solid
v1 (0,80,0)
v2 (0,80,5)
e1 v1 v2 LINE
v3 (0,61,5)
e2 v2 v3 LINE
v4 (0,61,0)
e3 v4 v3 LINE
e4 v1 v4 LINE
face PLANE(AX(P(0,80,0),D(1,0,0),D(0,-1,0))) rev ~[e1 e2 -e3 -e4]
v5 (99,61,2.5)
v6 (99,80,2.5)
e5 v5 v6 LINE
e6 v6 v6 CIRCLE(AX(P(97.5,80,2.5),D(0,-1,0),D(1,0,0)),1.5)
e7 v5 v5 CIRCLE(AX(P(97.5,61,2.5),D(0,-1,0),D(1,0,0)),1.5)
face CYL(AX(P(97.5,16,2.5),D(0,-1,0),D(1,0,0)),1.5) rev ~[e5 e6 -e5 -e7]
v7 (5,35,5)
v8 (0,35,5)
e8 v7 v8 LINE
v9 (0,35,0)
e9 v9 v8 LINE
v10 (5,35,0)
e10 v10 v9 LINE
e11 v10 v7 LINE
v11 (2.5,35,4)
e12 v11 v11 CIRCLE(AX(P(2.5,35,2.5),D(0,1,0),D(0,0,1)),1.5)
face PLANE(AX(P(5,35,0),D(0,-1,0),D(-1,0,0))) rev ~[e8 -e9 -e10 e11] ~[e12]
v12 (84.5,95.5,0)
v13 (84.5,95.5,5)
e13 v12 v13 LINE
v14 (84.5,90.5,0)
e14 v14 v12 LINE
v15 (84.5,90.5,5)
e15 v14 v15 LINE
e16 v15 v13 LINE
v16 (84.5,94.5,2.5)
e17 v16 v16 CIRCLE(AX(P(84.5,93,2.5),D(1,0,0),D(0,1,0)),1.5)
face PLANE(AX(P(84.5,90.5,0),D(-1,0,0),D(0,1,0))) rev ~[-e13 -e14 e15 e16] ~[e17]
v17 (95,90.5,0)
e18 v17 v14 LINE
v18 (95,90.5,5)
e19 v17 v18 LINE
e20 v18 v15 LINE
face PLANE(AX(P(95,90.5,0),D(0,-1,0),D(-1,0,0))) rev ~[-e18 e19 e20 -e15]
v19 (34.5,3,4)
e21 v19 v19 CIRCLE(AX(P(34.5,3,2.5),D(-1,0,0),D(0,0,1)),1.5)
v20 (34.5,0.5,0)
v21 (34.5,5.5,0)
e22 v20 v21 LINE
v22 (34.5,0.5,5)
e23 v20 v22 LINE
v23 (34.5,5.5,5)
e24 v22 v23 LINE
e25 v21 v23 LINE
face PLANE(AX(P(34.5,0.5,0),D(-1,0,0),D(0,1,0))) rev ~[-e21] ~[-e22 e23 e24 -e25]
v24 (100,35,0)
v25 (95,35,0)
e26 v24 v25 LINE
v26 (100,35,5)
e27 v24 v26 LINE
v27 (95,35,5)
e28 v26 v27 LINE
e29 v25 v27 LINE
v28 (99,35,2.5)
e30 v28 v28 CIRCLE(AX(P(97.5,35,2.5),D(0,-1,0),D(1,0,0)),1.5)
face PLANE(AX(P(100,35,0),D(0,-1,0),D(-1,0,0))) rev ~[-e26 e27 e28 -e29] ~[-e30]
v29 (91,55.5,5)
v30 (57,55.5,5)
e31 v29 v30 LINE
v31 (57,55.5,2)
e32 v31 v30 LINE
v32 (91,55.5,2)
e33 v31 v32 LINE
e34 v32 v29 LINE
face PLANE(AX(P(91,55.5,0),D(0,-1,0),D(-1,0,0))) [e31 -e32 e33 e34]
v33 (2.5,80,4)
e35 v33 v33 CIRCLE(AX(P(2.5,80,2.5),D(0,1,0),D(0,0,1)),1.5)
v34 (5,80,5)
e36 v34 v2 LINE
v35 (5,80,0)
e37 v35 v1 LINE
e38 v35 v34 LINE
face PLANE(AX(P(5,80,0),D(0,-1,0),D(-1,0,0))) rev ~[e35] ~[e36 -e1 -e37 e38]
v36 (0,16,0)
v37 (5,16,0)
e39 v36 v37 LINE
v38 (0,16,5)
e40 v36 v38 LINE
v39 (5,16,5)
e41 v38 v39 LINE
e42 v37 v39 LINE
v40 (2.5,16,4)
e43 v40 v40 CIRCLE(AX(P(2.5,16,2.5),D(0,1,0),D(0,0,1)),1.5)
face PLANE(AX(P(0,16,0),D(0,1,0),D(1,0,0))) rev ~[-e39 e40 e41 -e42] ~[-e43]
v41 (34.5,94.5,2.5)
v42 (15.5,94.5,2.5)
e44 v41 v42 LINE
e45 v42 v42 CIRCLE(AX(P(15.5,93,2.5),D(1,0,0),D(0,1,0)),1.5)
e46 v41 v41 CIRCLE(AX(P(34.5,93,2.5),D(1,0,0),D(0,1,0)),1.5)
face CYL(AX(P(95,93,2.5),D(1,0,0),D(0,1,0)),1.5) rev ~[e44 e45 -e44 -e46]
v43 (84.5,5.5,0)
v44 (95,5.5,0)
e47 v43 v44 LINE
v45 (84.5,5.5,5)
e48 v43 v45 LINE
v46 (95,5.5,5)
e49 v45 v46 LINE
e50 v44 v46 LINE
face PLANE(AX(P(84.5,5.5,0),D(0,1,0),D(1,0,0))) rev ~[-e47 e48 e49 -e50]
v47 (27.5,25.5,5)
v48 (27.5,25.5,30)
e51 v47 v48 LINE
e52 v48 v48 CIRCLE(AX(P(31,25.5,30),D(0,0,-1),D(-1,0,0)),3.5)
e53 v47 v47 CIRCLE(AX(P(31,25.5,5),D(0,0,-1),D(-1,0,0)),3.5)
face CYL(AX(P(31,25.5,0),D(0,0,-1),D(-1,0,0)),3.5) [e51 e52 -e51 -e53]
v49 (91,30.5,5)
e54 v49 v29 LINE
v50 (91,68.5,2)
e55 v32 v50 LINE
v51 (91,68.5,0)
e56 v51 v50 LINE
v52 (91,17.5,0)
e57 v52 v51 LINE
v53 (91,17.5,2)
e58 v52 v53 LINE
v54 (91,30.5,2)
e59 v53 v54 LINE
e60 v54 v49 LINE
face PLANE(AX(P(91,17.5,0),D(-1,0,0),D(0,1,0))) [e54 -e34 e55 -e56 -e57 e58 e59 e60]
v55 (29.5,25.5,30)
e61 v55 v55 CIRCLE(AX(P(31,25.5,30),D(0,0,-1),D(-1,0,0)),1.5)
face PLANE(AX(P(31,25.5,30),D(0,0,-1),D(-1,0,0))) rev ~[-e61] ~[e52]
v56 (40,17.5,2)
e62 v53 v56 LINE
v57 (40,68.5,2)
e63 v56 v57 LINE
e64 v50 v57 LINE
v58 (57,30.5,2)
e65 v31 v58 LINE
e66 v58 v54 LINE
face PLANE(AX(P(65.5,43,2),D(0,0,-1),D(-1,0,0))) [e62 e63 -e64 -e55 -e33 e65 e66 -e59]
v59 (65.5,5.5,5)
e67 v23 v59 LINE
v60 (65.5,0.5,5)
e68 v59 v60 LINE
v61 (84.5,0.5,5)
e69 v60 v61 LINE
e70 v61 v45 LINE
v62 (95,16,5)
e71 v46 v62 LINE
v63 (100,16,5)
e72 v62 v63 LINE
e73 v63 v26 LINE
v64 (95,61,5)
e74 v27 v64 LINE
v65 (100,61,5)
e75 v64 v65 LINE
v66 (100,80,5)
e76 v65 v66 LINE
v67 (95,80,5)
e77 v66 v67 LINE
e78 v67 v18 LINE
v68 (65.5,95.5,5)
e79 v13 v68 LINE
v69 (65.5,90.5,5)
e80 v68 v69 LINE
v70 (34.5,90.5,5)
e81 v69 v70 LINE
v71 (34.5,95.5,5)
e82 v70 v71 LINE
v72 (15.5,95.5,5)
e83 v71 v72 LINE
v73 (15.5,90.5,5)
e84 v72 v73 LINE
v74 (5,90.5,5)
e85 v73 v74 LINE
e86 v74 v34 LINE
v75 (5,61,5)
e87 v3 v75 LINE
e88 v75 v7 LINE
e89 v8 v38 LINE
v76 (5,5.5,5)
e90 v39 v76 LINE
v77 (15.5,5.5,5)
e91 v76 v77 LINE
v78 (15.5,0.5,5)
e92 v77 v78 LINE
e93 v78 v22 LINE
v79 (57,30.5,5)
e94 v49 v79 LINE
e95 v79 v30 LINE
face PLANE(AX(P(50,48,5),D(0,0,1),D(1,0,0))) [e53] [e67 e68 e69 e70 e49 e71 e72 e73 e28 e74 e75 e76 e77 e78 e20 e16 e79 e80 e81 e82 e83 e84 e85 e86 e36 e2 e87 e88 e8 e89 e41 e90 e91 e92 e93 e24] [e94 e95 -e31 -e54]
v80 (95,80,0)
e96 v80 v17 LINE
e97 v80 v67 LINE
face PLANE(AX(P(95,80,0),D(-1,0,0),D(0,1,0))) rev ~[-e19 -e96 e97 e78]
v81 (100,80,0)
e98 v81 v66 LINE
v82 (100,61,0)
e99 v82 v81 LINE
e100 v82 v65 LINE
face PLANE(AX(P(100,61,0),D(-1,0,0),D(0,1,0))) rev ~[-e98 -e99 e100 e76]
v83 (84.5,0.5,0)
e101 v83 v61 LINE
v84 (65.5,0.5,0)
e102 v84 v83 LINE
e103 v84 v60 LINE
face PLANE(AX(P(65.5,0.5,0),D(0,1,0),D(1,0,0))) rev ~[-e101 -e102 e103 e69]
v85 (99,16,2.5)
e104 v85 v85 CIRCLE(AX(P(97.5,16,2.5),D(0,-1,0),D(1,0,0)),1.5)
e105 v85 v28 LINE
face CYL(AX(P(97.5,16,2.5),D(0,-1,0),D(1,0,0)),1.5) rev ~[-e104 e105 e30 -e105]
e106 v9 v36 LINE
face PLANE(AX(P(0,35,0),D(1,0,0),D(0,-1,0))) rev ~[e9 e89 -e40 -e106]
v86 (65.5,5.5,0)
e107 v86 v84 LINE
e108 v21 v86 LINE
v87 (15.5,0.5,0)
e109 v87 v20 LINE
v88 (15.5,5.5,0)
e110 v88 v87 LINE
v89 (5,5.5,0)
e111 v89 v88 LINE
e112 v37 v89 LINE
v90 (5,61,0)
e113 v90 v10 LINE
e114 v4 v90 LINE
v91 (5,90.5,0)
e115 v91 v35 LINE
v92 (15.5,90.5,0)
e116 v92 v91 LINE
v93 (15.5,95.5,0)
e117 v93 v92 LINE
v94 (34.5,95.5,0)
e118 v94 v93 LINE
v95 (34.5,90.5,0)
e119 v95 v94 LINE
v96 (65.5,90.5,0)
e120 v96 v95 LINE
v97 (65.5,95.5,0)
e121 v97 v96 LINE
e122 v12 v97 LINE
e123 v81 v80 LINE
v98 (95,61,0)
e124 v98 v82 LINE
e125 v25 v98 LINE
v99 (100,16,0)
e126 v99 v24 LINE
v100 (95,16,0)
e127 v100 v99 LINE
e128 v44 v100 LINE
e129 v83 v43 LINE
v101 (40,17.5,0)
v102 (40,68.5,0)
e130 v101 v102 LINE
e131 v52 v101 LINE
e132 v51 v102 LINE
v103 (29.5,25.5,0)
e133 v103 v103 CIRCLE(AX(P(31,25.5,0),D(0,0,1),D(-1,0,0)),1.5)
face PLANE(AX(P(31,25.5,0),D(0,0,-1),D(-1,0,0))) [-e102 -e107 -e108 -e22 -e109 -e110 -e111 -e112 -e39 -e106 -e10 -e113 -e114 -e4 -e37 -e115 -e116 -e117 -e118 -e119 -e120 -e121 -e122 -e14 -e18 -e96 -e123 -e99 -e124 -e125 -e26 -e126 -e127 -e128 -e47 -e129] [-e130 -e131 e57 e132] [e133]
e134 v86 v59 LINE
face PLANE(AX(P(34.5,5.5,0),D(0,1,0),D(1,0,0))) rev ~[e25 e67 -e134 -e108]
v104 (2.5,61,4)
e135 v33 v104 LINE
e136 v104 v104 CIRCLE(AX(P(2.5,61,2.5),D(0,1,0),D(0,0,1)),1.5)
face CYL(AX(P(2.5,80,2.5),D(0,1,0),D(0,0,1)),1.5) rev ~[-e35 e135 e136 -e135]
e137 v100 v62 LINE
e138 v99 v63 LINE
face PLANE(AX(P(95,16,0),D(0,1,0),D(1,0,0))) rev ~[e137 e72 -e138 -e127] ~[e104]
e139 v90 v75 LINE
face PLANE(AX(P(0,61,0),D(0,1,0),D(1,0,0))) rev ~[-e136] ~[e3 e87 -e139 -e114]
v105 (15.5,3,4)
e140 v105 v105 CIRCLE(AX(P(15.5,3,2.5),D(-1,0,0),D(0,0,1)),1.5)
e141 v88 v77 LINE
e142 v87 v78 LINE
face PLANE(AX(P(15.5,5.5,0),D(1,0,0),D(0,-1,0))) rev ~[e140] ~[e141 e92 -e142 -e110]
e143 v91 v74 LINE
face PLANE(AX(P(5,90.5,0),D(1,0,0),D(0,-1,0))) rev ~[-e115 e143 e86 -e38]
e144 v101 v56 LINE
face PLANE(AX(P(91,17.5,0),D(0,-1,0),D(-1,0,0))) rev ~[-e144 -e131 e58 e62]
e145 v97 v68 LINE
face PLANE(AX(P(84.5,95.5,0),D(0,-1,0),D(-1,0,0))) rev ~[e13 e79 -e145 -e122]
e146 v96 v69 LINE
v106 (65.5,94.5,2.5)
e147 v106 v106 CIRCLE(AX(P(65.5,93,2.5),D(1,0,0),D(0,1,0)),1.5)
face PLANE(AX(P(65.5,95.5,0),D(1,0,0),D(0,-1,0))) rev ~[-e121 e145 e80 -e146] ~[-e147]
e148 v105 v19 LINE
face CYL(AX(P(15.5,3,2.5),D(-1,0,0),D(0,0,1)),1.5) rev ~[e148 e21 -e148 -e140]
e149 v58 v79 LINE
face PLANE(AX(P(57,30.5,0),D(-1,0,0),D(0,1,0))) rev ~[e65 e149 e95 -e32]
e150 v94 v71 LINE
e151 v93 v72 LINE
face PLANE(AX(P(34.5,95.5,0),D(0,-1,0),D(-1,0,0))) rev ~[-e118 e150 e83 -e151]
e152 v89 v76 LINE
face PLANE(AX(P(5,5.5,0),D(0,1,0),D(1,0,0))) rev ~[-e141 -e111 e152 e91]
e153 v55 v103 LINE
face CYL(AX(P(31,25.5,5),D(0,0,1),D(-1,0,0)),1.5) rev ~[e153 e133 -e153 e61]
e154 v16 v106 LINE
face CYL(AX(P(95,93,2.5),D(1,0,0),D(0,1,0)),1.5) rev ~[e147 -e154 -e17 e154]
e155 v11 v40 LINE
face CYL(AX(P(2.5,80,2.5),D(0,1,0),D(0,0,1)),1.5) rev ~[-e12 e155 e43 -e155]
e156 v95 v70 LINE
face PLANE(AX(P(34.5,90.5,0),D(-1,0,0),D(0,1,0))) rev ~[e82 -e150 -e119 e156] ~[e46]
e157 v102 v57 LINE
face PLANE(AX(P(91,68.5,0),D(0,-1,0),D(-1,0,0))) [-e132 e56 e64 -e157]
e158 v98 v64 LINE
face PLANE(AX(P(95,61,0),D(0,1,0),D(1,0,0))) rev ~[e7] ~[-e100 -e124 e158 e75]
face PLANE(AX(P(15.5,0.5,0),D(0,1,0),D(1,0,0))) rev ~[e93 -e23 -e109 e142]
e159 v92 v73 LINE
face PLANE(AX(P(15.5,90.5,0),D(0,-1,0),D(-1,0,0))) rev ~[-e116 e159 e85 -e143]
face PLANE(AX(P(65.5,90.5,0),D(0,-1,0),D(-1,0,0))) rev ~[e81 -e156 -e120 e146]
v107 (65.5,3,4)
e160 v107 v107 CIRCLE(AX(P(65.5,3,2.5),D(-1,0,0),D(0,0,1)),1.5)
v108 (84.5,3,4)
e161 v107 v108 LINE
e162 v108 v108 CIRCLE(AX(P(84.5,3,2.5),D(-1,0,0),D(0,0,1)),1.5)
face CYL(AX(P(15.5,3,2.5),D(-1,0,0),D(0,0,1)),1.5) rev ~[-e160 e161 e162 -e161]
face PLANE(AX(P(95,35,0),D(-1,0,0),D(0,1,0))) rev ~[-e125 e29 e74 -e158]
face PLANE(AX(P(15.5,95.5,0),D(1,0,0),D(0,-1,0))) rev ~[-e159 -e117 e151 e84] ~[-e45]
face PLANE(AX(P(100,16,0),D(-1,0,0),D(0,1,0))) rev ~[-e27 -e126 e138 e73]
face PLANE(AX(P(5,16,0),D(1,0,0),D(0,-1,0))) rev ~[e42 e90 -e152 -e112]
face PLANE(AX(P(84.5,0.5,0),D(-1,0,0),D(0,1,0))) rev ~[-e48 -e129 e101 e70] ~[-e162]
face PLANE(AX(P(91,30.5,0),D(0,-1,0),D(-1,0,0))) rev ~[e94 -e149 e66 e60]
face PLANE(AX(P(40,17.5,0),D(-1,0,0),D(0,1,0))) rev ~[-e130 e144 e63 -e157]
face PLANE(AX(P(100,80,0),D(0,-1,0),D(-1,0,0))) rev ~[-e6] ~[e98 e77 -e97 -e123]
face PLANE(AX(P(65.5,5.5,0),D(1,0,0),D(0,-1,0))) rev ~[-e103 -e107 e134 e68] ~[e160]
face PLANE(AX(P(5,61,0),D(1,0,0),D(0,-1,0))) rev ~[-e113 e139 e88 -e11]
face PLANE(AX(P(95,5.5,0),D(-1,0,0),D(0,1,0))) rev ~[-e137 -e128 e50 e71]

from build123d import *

# Parameters (mm, degrees)
BOSS_EXTRU_1_DEPTH      = 5
ENL_V_MAT_EXTRU_1_REACH = 129.849
ESQUISSE2_R             = 1.5
ENL_V_MAT_EXTRU_2_REACH = 136.797
ESQUISSE3_R             = 1.5
ENL_V_MAT_EXTRU_3_REACH = 129.849
ESQUISSE4_R             = 1.5
ENL_V_MAT_EXTRU_4_REACH = 129.615
ESQUISSE5_R             = 1.5
ESQUISSE6_R             = 3.5
ESQUISSE6_R_2           = 1.5
BOSS_EXTRU_2_DEPTH      = 30
ENL_V_MAT_EXTRU_5_REACH = 142.518
ESQUISSE7_R             = 1.5
ESQUISSE8_W             = 34
ESQUISSE8_H             = 25
ENL_V_MAT_EXTRU_6_DEPTH = 5
ESQUISSE9_W             = 51
ESQUISSE9_H             = 51
ENL_V_MAT_EXTRU_7_DEPTH = 2


with BuildPart() as part:
    # Esquisse1 → Boss.-Extru.1 (new body)
    with BuildSketch(Plane.XY):
        Polygon((15.5, 95.5), (15.5, 90.5), (5, 90.5), (5, 80), (0, 80), (0, 61), (5, 61), (5, 35), (0, 35), (0, 16), (5, 16), (5, 5.5), (15.5, 5.5), (15.5, 0.5), (34.5, 0.5), (34.5, 5.5), (65.5, 5.5), (65.5, 0.5), (84.5, 0.5), (84.5, 5.5), (95, 5.5), (95, 16), (100, 16), (100, 35), (95, 35), (95, 61), (100, 61), (100, 80), (95, 80), (95, 90.5), (84.5, 90.5), (84.5, 95.5), (65.5, 95.5), (65.5, 90.5), (34.5, 90.5), (34.5, 95.5), align=None)
    extrude(amount=BOSS_EXTRU_1_DEPTH)

    # Enlèv. mat.-Extru.1: up to this face of the body (flat: up to its plane)
    enl_v_mat_extru_1_end = Plane(part.part.faces().sort_by_distance((97.5, 80, 2.5))[0])
    # Esquisse2 → Enlèv. mat.-Extru.1 (cut, up to the picked face)
    with BuildSketch(Plane.XZ.offset(-16), mode=Mode.PRIVATE) as enl_v_mat_extru_1_sk1:
        with Locations((97.5, 2.5)):
            Circle(ESQUISSE2_R)
    enl_v_mat_extru_1_tool1 = split(extrude(enl_v_mat_extru_1_sk1.sketch, amount=-ENL_V_MAT_EXTRU_1_REACH, mode=Mode.PRIVATE), bisect_by=enl_v_mat_extru_1_end, keep=Keep.BOTH, mode=Mode.PRIVATE)
    add(enl_v_mat_extru_1_tool1.solids().sort_by(Axis((97.5, 16, 2.5), (0, 1, 0)))[0], mode=Mode.SUBTRACT)

    # Enlèv. mat.-Extru.2: up to this face of the body (flat: up to its plane)
    enl_v_mat_extru_2_end = Plane(part.part.faces().sort_by_distance((5, 85.25, 2.5))[0])
    # Esquisse3 → Enlèv. mat.-Extru.2 (cut, up to the picked face)
    with BuildSketch(Plane(origin=(95, 0, 0), x_dir=(0, 0, -1), z_dir=(1, 0, 0)), mode=Mode.PRIVATE) as enl_v_mat_extru_2_sk1:
        with Locations(Location((-2.5, 93, 0), (0, 0, 90))):
            Circle(ESQUISSE3_R)
    enl_v_mat_extru_2_tool1 = split(extrude(enl_v_mat_extru_2_sk1.sketch, amount=-ENL_V_MAT_EXTRU_2_REACH, mode=Mode.PRIVATE), bisect_by=enl_v_mat_extru_2_end, keep=Keep.BOTH, mode=Mode.PRIVATE)
    add(enl_v_mat_extru_2_tool1.solids().sort_by(Axis((95, 93, 2.5), (-1, 0, 0)))[0], mode=Mode.SUBTRACT)

    # Enlèv. mat.-Extru.3: up to this face of the body (flat: up to its plane)
    enl_v_mat_extru_3_end = Plane(part.part.faces().sort_by_distance((2.5, 16, 2.5))[0])
    # Esquisse4 → Enlèv. mat.-Extru.3 (cut, up to the picked face)
    with BuildSketch(Plane(origin=(0, 80, 0), x_dir=(1, 0, 0), z_dir=(0, 1, 0)), mode=Mode.PRIVATE) as enl_v_mat_extru_3_sk1:
        with Locations(Location((2.5, -2.5, 0), (0, 0, 270))):
            Circle(ESQUISSE4_R)
    enl_v_mat_extru_3_tool1 = split(extrude(enl_v_mat_extru_3_sk1.sketch, amount=-ENL_V_MAT_EXTRU_3_REACH, mode=Mode.PRIVATE), bisect_by=enl_v_mat_extru_3_end, keep=Keep.BOTH, mode=Mode.PRIVATE)
    add(enl_v_mat_extru_3_tool1.solids().sort_by(Axis((2.5, 80, 2.5), (0, -1, 0)))[0], mode=Mode.SUBTRACT)

    # Enlèv. mat.-Extru.4: up to this face of the body (flat: up to its plane)
    enl_v_mat_extru_4_end = Plane(part.part.faces().sort_by_distance((84.5, 3, 2.5))[0])
    # Esquisse5 → Enlèv. mat.-Extru.4 (cut, up to the picked face)
    with BuildSketch(Plane.ZY.offset(-15.5), mode=Mode.PRIVATE) as enl_v_mat_extru_4_sk1:
        with Locations((2.5, 3)):
            Circle(ESQUISSE5_R)
    enl_v_mat_extru_4_tool1 = split(extrude(enl_v_mat_extru_4_sk1.sketch, amount=-ENL_V_MAT_EXTRU_4_REACH, mode=Mode.PRIVATE), bisect_by=enl_v_mat_extru_4_end, keep=Keep.BOTH, mode=Mode.PRIVATE)
    add(enl_v_mat_extru_4_tool1.solids().sort_by(Axis((15.5, 3, 2.5), (1, 0, 0)))[0], mode=Mode.SUBTRACT)

    # Esquisse6 → Boss.-Extru.2 (add)
    with BuildSketch(Plane(origin=(0, 0, 0), x_dir=(-1, 0, 0), z_dir=(0, 0, -1))):
        with Locations((-31, 25.5)):
            Circle(ESQUISSE6_R)
        with Locations((-31, 25.5)):
            Circle(ESQUISSE6_R_2, mode=Mode.SUBTRACT)
    extrude(amount=-BOSS_EXTRU_2_DEPTH)

    # Esquisse7 → Enlèv. mat.-Extru.5 (cut, up to next)
    with BuildSketch(Plane.XY.offset(5), mode=Mode.PRIVATE) as enl_v_mat_extru_5_sk1:
        with Locations(Location((31, 25.5, 0), (0, 0, 180))):
            Circle(ESQUISSE7_R)
    enl_v_mat_extru_5_tool1 = extrude(enl_v_mat_extru_5_sk1.sketch, amount=-ENL_V_MAT_EXTRU_5_REACH, mode=Mode.PRIVATE) & part.part
    add(enl_v_mat_extru_5_tool1.solids().sort_by_distance((31, 25.5, 5))[0], mode=Mode.SUBTRACT)

    # Esquisse8 → Enlèv. mat.-Extru.6 (cut)
    with BuildSketch(Plane(origin=(0, 0, 0), x_dir=(-1, 0, 0), z_dir=(0, 0, -1))):
        with Locations((-74, 43)):
            Rectangle(ESQUISSE8_W, ESQUISSE8_H)
    extrude(amount=-ENL_V_MAT_EXTRU_6_DEPTH, mode=Mode.SUBTRACT)

    # Esquisse9 → Enlèv. mat.-Extru.7 (cut)
    with BuildSketch(Plane(origin=(0, 0, 0), x_dir=(-1, 0, 0), z_dir=(0, 0, -1))):
        with Locations((-65.5, 43)):
            Rectangle(ESQUISSE9_W, ESQUISSE9_H)
    extrude(amount=-ENL_V_MAT_EXTRU_7_DEPTH, mode=Mode.SUBTRACT)


solid = part.part
